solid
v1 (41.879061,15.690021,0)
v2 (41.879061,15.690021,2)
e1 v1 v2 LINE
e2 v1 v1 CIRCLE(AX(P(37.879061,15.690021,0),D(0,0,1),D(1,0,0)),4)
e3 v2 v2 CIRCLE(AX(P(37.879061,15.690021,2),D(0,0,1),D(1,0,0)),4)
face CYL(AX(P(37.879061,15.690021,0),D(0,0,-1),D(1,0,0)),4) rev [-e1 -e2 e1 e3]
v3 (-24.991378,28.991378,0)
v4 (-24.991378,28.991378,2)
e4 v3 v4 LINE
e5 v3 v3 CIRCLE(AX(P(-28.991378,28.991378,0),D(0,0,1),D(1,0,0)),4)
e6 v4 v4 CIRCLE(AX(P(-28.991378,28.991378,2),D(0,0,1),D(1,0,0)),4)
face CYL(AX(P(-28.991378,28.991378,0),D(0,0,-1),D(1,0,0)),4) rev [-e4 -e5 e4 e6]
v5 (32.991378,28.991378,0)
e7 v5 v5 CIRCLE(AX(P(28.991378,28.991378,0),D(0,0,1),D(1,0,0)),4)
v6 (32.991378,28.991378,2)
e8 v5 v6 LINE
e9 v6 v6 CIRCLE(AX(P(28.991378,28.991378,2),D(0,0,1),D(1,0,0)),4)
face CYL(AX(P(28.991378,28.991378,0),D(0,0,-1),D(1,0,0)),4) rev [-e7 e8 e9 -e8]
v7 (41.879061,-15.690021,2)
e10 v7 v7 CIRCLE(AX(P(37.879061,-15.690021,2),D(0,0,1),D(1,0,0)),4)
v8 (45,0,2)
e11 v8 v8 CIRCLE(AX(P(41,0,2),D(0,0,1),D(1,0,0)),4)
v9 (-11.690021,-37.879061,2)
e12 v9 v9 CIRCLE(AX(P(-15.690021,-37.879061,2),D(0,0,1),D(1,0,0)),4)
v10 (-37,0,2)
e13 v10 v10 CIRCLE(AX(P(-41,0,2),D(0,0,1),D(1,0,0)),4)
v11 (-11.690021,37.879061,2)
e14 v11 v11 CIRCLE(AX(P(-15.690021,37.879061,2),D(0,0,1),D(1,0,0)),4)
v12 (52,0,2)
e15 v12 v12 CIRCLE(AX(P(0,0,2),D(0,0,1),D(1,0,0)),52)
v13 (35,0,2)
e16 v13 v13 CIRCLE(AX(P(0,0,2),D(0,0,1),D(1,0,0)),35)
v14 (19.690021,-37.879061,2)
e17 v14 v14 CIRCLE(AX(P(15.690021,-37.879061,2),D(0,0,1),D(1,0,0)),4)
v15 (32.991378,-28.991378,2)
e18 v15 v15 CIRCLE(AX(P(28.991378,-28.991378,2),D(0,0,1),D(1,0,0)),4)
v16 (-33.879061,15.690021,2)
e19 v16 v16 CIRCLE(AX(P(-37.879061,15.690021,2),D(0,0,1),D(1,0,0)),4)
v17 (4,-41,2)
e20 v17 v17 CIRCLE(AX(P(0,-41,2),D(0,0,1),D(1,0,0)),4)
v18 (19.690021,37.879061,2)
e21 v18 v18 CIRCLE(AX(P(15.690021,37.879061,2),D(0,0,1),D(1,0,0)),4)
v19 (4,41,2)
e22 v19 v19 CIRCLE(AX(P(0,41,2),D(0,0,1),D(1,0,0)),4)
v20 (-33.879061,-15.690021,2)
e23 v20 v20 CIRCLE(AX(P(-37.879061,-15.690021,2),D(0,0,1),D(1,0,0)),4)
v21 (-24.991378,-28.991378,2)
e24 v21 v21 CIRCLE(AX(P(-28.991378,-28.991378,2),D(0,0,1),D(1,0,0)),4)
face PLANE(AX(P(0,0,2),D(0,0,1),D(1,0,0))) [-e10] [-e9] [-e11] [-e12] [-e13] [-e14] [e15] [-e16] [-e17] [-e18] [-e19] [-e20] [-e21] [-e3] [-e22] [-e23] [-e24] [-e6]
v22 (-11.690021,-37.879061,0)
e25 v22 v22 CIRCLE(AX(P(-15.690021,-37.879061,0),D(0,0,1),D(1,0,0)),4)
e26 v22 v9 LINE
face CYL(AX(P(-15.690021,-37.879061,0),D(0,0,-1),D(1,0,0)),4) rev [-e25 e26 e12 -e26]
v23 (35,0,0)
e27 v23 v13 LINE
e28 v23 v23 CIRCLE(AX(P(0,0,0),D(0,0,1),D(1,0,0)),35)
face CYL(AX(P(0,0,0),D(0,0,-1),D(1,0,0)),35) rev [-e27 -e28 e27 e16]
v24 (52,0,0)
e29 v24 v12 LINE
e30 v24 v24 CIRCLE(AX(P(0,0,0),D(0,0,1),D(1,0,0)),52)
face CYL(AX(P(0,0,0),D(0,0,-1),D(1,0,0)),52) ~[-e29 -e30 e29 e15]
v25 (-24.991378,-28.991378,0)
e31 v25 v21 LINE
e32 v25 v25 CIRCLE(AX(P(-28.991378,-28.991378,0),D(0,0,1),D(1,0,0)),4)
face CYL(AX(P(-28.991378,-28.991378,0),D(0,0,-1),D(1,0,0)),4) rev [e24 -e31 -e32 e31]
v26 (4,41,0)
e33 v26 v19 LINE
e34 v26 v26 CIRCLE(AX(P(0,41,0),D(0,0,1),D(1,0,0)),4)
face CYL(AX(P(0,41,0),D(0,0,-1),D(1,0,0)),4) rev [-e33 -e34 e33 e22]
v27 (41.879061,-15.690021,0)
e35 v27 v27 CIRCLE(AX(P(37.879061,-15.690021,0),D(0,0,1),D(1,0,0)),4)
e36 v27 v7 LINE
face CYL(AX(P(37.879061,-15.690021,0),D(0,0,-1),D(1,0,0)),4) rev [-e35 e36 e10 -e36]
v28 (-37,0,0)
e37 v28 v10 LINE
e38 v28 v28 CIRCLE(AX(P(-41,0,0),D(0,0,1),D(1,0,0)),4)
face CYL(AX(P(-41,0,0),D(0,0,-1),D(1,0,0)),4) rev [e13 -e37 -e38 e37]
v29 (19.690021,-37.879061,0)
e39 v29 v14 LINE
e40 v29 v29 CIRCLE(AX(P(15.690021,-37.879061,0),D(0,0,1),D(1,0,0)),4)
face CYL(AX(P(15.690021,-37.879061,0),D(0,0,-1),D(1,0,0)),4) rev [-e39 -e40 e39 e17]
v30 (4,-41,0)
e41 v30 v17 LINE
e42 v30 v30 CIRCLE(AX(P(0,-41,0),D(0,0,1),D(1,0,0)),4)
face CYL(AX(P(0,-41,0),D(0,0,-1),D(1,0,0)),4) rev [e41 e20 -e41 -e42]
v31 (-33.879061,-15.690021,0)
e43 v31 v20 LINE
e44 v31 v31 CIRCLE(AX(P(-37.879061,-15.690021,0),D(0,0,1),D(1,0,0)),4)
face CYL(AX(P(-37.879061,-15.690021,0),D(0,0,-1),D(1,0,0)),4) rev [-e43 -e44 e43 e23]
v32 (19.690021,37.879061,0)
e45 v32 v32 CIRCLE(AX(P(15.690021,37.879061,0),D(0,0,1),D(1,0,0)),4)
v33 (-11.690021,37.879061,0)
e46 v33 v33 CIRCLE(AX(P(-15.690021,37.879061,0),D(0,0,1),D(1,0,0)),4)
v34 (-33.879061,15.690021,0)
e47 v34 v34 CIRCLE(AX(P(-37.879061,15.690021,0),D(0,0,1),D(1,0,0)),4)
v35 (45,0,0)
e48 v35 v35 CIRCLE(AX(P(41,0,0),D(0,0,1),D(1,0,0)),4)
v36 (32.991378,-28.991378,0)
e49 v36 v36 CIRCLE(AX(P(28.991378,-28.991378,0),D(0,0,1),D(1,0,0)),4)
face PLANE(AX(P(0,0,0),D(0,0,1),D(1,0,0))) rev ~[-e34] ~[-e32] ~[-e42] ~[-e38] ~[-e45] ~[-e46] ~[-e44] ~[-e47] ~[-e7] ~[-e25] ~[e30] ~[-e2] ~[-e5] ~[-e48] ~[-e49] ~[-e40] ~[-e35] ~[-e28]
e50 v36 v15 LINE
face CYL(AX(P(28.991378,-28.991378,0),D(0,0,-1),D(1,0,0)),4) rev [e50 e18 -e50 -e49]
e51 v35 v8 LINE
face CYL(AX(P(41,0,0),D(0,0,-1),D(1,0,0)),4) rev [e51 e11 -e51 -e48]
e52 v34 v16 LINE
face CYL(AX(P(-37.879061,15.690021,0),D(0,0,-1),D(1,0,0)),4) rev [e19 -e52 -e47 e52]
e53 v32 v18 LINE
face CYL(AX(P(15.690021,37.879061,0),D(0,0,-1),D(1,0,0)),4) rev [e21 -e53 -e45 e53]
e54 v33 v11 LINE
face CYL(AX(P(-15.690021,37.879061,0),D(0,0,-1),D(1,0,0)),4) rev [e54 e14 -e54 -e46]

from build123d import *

# Parameters (mm, degrees)
F0_R     = 52
F0_R_2   = 4
F0_R_3   = 35
F1_DEPTH = 2
F2_DEPTH = 2


with BuildPart() as f1:
    # F0 (on Top) → F1 (new body)
    with BuildSketch(Plane.XY):
        Circle(F0_R)
        with Locations((-28.9913780286, -28.9913780286)):
            Circle(F0_R_2, mode=Mode.SUBTRACT)
        with Locations((-15.690020727, -37.879060833)):
            Circle(F0_R_2, mode=Mode.SUBTRACT)
        with Locations((-37.879060833, -15.690020727)):
            Circle(F0_R_2, mode=Mode.SUBTRACT)
        with Locations((0, -41)):
            Circle(F0_R_2, mode=Mode.SUBTRACT)
        with Locations((15.690020727, -37.879060833)):
            Circle(F0_R_2, mode=Mode.SUBTRACT)
        with Locations((28.9913780286, -28.9913780286)):
            Circle(F0_R_2, mode=Mode.SUBTRACT)
        with Locations((37.879060833, -15.690020727)):
            Circle(F0_R_2, mode=Mode.SUBTRACT)
        with Locations((-41, 0)):
            Circle(F0_R_2, mode=Mode.SUBTRACT)
        with Locations((-37.879060833, 15.690020727)):
            Circle(F0_R_2, mode=Mode.SUBTRACT)
        with Locations((-28.9913780286, 28.9913780286)):
            Circle(F0_R_2, mode=Mode.SUBTRACT)
        with Locations((-15.690020727, 37.879060833)):
            Circle(F0_R_2, mode=Mode.SUBTRACT)
        Circle(F0_R_3, mode=Mode.SUBTRACT)
        with Locations((41, 0)):
            Circle(F0_R_2, mode=Mode.SUBTRACT)
        with Locations((37.879060833, 15.690020727)):
            Circle(F0_R_2, mode=Mode.SUBTRACT)
        with Locations((15.690020727, 37.879060833)):
            Circle(F0_R_2, mode=Mode.SUBTRACT)
        with Locations((0, 41)):
            Circle(F0_R_2, mode=Mode.SUBTRACT)
        with Locations((28.9913780286, 28.9913780286)):
            Circle(F0_R_2, mode=Mode.SUBTRACT)
    extrude(amount=F1_DEPTH)

    # F0 (on Top) → F2 (join)
    with BuildSketch(Plane.XY):
        Circle(F0_R)
        with Locations((-28.9913780286, -28.9913780286)):
            Circle(F0_R_2, mode=Mode.SUBTRACT)
        with Locations((-15.690020727, -37.879060833)):
            Circle(F0_R_2, mode=Mode.SUBTRACT)
        with Locations((-37.879060833, -15.690020727)):
            Circle(F0_R_2, mode=Mode.SUBTRACT)
        with Locations((0, -41)):
            Circle(F0_R_2, mode=Mode.SUBTRACT)
        with Locations((15.690020727, -37.879060833)):
            Circle(F0_R_2, mode=Mode.SUBTRACT)
        with Locations((28.9913780286, -28.9913780286)):
            Circle(F0_R_2, mode=Mode.SUBTRACT)
        with Locations((37.879060833, -15.690020727)):
            Circle(F0_R_2, mode=Mode.SUBTRACT)
        with Locations((-41, 0)):
            Circle(F0_R_2, mode=Mode.SUBTRACT)
        with Locations((-37.879060833, 15.690020727)):
            Circle(F0_R_2, mode=Mode.SUBTRACT)
        with Locations((-28.9913780286, 28.9913780286)):
            Circle(F0_R_2, mode=Mode.SUBTRACT)
        with Locations((-15.690020727, 37.879060833)):
            Circle(F0_R_2, mode=Mode.SUBTRACT)
        Circle(F0_R_3, mode=Mode.SUBTRACT)
        with Locations((41, 0)):
            Circle(F0_R_2, mode=Mode.SUBTRACT)
        with Locations((37.879060833, 15.690020727)):
            Circle(F0_R_2, mode=Mode.SUBTRACT)
        with Locations((15.690020727, 37.879060833)):
            Circle(F0_R_2, mode=Mode.SUBTRACT)
        with Locations((0, 41)):
            Circle(F0_R_2, mode=Mode.SUBTRACT)
        with Locations((28.9913780286, 28.9913780286)):
            Circle(F0_R_2, mode=Mode.SUBTRACT)
    extrude(amount=F2_DEPTH)


solid = f1.part
